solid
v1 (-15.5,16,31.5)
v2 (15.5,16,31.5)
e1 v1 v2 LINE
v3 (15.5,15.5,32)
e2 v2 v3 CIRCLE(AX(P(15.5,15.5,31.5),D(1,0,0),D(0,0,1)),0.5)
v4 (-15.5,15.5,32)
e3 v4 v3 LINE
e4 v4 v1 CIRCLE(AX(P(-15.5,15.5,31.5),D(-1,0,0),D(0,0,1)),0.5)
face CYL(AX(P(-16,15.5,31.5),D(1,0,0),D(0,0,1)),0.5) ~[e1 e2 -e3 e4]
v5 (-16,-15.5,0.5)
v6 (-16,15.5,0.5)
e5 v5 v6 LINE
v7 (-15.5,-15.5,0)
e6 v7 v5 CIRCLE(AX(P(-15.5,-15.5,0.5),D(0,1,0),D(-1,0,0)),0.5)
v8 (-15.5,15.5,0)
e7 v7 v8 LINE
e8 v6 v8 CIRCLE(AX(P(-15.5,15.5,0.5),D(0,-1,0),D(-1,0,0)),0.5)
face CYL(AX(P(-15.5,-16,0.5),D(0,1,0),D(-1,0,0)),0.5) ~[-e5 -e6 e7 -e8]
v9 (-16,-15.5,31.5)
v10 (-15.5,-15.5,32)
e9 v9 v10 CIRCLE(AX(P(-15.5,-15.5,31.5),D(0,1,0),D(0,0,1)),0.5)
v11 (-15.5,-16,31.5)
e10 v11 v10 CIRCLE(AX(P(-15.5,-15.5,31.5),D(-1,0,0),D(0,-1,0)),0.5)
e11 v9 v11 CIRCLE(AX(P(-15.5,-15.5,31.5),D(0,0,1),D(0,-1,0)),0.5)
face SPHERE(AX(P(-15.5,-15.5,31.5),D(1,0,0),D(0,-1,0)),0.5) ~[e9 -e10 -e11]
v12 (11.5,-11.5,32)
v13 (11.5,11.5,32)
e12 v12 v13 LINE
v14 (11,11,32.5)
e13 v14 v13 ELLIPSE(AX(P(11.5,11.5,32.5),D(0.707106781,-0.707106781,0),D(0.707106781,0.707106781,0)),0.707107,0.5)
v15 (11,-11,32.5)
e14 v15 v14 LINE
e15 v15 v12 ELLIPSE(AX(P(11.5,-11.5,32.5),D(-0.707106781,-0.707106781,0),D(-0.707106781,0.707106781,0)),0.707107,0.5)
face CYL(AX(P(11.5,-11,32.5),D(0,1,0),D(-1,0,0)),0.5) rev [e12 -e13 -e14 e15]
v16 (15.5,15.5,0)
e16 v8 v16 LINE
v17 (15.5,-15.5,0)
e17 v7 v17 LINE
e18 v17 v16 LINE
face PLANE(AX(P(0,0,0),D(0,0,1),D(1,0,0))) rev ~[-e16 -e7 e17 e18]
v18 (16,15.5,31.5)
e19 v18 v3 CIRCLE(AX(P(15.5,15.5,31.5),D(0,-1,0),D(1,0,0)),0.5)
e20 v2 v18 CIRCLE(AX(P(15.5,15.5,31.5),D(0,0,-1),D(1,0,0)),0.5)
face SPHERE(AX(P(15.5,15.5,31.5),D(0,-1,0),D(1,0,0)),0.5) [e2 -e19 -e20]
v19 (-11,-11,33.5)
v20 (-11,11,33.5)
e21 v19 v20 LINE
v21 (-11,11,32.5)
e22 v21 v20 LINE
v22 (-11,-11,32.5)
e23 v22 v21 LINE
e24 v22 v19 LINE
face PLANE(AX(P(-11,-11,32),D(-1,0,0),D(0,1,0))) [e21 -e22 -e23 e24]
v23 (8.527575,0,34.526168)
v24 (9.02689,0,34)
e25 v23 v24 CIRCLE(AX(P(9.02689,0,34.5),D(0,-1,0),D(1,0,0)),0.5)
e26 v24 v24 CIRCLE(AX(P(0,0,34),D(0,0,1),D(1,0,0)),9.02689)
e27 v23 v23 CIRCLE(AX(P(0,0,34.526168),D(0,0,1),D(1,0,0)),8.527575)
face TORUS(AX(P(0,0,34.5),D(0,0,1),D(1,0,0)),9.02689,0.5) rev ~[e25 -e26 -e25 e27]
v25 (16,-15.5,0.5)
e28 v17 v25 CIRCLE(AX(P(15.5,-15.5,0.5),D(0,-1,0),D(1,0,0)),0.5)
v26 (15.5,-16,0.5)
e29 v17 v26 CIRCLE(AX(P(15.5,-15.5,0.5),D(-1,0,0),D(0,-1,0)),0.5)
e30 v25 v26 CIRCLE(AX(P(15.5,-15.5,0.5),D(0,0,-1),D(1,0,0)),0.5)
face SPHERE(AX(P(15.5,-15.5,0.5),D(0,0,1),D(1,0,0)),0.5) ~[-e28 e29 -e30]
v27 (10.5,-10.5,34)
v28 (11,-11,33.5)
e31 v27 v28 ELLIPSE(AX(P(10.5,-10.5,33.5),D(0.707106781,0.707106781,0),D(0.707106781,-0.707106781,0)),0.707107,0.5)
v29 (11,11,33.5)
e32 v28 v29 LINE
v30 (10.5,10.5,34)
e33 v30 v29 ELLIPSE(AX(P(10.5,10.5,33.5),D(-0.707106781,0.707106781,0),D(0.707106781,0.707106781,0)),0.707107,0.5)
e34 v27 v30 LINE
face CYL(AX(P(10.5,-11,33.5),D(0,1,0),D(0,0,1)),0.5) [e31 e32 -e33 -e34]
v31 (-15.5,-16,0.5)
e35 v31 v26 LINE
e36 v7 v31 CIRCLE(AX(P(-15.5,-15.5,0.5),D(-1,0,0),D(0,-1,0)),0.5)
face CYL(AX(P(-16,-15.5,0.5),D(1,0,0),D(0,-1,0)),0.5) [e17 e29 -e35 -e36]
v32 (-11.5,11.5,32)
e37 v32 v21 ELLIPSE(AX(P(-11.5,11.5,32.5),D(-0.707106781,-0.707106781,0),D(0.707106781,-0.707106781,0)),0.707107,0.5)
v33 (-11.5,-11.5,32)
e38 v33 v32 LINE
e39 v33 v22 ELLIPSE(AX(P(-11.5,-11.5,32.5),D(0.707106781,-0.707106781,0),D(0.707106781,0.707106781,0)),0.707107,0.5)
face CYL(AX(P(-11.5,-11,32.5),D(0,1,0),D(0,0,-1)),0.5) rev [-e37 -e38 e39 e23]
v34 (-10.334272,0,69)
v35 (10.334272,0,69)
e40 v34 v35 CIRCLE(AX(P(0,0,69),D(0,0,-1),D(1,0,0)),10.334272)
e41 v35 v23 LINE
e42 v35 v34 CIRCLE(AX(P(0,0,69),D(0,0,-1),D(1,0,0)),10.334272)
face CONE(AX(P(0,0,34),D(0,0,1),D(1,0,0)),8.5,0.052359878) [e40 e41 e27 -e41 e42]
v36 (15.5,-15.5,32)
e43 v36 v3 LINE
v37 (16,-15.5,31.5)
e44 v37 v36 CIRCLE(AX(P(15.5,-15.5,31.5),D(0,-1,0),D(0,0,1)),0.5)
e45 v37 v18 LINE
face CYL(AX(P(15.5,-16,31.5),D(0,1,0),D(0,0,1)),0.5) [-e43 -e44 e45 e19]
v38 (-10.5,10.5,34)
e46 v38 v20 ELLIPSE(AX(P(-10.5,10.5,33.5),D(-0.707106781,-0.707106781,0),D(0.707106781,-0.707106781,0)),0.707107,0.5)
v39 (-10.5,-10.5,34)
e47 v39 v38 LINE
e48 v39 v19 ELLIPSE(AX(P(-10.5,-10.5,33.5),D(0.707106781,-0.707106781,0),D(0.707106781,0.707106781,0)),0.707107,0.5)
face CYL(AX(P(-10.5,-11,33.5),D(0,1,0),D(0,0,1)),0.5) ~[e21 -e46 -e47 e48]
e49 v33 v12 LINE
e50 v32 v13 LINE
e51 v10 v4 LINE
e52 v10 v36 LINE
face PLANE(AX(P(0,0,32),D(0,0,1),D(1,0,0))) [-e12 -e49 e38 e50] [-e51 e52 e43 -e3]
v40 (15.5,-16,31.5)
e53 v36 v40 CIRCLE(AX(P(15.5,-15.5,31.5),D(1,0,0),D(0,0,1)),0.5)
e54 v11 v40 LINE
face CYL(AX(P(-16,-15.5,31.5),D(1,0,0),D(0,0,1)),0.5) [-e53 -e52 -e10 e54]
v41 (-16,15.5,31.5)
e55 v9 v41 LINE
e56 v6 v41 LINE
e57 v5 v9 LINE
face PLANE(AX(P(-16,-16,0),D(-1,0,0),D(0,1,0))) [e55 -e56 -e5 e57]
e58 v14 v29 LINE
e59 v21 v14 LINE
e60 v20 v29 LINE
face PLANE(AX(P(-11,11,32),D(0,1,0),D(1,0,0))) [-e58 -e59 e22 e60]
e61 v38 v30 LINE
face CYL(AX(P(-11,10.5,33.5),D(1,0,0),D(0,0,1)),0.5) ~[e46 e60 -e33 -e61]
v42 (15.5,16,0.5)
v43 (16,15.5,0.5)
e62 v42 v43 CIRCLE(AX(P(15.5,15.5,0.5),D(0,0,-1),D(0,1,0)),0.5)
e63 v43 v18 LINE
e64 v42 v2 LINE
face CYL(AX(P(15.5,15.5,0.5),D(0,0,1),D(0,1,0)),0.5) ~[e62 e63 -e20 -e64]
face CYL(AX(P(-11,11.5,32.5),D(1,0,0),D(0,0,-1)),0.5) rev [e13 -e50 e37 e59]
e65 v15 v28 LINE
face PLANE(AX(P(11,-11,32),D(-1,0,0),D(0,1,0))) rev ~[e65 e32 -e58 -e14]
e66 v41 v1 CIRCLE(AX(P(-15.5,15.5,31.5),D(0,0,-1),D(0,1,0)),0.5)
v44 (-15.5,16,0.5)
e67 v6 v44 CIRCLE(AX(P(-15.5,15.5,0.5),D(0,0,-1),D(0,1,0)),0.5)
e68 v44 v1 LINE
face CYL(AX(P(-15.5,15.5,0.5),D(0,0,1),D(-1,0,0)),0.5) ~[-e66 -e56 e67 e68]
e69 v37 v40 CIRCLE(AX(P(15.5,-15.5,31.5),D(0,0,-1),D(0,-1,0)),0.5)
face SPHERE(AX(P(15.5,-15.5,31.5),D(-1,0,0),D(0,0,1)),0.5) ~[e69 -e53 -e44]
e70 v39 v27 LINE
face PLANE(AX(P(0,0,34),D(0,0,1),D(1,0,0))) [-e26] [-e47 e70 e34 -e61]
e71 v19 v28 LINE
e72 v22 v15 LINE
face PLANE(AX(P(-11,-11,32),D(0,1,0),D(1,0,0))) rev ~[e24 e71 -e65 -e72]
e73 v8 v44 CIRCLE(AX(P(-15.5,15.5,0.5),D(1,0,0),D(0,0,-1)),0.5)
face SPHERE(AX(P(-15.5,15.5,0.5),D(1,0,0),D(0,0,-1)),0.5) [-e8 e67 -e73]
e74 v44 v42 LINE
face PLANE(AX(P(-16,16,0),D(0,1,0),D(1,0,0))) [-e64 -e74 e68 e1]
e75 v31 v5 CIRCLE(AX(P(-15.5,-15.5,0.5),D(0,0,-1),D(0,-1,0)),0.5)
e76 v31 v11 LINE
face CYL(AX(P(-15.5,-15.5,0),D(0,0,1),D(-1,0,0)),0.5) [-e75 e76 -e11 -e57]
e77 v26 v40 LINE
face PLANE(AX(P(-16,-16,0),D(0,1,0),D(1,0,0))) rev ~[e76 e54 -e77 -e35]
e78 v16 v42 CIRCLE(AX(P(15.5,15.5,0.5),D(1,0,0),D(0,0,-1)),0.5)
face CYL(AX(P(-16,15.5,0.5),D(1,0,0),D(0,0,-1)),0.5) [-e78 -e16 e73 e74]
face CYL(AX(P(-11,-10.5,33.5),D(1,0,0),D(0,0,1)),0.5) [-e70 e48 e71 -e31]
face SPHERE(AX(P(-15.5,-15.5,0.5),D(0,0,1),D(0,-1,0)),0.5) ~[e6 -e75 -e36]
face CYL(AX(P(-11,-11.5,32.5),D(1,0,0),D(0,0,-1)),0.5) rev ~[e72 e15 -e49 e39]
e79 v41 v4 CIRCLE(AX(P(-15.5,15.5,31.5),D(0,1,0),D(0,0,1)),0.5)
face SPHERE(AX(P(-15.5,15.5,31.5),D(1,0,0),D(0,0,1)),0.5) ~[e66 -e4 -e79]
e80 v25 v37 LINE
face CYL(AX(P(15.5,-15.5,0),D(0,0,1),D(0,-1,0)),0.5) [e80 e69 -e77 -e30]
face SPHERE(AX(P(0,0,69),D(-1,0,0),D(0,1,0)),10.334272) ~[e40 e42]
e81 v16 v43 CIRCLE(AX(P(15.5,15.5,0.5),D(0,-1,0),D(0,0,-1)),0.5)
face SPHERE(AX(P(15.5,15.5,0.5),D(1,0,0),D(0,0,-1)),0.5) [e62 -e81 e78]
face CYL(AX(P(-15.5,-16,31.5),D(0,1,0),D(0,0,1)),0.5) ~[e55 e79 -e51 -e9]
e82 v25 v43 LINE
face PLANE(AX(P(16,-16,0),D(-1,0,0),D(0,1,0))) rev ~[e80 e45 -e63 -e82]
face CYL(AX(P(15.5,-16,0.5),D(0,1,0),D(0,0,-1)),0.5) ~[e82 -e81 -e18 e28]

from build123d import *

# Parameters (mm, degrees)
F0_W     = 32
F0_H     = 32
F1_DEPTH = 32
F2_W     = 22
F2_H     = 22
F3_DEPTH = 2
F4_R     = 8.5
F5_DEPTH = 35
F5_TAPER = -3
F8_R     = 0.5
F9_R     = 0.5


with BuildPart() as f1:
    # F0 (on Top) → F1 (new body)
    with BuildSketch(Plane.XY):
        Rectangle(F0_W, F0_H)
    extrude(amount=F1_DEPTH)

    # F2 (on face) → F3 (join)
    with BuildSketch(Plane.XY.offset(32)):
        Rectangle(F2_W, F2_H)
    extrude(amount=F3_DEPTH)

    # F4 (on face) → F5 (join)
    with BuildSketch(Plane.XY.offset(34)):
        Circle(F4_R)
    extrude(amount=F5_DEPTH, taper=F5_TAPER)

    # F6 (on face) → F7 (revolve)
    with BuildSketch(Plane.XY.offset(69)):
        with BuildLine():
            ThreePointArc((10.3342722749, 0), (0, 10.3342722749), (-10.3342722749, 0))
            Line((-10.3342722749, 0), (0, 0))
            Line((0, 0), (10.3342722749, 0))
        make_face()
    revolve(axis=Axis((-5.1671361375, 0, 69), (1, 0, 0)))

    # F8
    f8_edges = [f1.edges().sort_by_distance(p)[0] for p in [
        (0, -11, 34),
        (11, 0, 34),
        (11, 0, 32),
        (0, -11, 32),
        (0, 16, 0),
        (0, 11, 32),
        (0, 11, 34),
        (-11, 0, 32),
        (-11, 0, 34),
        (-8.5, 0, 34),
    ]]
    fillet(f8_edges, radius=F8_R)

    # F9
    f9_edges = [f1.edges().sort_by_distance(p)[0] for p in [
        (0, -16, 32),
        (16, 0, 32),
        (16, -16, 16),
        (16, 16, 16.25),
        (-16, -16, 16),
        (0, -16, 0),
        (16, -0.25, 0),
        (0, 16, 32),
        (-16, 0, 32),
        (-16, -0.25, 0),
    ]]
    fillet(f9_edges, radius=F9_R)


solid = f1.part
